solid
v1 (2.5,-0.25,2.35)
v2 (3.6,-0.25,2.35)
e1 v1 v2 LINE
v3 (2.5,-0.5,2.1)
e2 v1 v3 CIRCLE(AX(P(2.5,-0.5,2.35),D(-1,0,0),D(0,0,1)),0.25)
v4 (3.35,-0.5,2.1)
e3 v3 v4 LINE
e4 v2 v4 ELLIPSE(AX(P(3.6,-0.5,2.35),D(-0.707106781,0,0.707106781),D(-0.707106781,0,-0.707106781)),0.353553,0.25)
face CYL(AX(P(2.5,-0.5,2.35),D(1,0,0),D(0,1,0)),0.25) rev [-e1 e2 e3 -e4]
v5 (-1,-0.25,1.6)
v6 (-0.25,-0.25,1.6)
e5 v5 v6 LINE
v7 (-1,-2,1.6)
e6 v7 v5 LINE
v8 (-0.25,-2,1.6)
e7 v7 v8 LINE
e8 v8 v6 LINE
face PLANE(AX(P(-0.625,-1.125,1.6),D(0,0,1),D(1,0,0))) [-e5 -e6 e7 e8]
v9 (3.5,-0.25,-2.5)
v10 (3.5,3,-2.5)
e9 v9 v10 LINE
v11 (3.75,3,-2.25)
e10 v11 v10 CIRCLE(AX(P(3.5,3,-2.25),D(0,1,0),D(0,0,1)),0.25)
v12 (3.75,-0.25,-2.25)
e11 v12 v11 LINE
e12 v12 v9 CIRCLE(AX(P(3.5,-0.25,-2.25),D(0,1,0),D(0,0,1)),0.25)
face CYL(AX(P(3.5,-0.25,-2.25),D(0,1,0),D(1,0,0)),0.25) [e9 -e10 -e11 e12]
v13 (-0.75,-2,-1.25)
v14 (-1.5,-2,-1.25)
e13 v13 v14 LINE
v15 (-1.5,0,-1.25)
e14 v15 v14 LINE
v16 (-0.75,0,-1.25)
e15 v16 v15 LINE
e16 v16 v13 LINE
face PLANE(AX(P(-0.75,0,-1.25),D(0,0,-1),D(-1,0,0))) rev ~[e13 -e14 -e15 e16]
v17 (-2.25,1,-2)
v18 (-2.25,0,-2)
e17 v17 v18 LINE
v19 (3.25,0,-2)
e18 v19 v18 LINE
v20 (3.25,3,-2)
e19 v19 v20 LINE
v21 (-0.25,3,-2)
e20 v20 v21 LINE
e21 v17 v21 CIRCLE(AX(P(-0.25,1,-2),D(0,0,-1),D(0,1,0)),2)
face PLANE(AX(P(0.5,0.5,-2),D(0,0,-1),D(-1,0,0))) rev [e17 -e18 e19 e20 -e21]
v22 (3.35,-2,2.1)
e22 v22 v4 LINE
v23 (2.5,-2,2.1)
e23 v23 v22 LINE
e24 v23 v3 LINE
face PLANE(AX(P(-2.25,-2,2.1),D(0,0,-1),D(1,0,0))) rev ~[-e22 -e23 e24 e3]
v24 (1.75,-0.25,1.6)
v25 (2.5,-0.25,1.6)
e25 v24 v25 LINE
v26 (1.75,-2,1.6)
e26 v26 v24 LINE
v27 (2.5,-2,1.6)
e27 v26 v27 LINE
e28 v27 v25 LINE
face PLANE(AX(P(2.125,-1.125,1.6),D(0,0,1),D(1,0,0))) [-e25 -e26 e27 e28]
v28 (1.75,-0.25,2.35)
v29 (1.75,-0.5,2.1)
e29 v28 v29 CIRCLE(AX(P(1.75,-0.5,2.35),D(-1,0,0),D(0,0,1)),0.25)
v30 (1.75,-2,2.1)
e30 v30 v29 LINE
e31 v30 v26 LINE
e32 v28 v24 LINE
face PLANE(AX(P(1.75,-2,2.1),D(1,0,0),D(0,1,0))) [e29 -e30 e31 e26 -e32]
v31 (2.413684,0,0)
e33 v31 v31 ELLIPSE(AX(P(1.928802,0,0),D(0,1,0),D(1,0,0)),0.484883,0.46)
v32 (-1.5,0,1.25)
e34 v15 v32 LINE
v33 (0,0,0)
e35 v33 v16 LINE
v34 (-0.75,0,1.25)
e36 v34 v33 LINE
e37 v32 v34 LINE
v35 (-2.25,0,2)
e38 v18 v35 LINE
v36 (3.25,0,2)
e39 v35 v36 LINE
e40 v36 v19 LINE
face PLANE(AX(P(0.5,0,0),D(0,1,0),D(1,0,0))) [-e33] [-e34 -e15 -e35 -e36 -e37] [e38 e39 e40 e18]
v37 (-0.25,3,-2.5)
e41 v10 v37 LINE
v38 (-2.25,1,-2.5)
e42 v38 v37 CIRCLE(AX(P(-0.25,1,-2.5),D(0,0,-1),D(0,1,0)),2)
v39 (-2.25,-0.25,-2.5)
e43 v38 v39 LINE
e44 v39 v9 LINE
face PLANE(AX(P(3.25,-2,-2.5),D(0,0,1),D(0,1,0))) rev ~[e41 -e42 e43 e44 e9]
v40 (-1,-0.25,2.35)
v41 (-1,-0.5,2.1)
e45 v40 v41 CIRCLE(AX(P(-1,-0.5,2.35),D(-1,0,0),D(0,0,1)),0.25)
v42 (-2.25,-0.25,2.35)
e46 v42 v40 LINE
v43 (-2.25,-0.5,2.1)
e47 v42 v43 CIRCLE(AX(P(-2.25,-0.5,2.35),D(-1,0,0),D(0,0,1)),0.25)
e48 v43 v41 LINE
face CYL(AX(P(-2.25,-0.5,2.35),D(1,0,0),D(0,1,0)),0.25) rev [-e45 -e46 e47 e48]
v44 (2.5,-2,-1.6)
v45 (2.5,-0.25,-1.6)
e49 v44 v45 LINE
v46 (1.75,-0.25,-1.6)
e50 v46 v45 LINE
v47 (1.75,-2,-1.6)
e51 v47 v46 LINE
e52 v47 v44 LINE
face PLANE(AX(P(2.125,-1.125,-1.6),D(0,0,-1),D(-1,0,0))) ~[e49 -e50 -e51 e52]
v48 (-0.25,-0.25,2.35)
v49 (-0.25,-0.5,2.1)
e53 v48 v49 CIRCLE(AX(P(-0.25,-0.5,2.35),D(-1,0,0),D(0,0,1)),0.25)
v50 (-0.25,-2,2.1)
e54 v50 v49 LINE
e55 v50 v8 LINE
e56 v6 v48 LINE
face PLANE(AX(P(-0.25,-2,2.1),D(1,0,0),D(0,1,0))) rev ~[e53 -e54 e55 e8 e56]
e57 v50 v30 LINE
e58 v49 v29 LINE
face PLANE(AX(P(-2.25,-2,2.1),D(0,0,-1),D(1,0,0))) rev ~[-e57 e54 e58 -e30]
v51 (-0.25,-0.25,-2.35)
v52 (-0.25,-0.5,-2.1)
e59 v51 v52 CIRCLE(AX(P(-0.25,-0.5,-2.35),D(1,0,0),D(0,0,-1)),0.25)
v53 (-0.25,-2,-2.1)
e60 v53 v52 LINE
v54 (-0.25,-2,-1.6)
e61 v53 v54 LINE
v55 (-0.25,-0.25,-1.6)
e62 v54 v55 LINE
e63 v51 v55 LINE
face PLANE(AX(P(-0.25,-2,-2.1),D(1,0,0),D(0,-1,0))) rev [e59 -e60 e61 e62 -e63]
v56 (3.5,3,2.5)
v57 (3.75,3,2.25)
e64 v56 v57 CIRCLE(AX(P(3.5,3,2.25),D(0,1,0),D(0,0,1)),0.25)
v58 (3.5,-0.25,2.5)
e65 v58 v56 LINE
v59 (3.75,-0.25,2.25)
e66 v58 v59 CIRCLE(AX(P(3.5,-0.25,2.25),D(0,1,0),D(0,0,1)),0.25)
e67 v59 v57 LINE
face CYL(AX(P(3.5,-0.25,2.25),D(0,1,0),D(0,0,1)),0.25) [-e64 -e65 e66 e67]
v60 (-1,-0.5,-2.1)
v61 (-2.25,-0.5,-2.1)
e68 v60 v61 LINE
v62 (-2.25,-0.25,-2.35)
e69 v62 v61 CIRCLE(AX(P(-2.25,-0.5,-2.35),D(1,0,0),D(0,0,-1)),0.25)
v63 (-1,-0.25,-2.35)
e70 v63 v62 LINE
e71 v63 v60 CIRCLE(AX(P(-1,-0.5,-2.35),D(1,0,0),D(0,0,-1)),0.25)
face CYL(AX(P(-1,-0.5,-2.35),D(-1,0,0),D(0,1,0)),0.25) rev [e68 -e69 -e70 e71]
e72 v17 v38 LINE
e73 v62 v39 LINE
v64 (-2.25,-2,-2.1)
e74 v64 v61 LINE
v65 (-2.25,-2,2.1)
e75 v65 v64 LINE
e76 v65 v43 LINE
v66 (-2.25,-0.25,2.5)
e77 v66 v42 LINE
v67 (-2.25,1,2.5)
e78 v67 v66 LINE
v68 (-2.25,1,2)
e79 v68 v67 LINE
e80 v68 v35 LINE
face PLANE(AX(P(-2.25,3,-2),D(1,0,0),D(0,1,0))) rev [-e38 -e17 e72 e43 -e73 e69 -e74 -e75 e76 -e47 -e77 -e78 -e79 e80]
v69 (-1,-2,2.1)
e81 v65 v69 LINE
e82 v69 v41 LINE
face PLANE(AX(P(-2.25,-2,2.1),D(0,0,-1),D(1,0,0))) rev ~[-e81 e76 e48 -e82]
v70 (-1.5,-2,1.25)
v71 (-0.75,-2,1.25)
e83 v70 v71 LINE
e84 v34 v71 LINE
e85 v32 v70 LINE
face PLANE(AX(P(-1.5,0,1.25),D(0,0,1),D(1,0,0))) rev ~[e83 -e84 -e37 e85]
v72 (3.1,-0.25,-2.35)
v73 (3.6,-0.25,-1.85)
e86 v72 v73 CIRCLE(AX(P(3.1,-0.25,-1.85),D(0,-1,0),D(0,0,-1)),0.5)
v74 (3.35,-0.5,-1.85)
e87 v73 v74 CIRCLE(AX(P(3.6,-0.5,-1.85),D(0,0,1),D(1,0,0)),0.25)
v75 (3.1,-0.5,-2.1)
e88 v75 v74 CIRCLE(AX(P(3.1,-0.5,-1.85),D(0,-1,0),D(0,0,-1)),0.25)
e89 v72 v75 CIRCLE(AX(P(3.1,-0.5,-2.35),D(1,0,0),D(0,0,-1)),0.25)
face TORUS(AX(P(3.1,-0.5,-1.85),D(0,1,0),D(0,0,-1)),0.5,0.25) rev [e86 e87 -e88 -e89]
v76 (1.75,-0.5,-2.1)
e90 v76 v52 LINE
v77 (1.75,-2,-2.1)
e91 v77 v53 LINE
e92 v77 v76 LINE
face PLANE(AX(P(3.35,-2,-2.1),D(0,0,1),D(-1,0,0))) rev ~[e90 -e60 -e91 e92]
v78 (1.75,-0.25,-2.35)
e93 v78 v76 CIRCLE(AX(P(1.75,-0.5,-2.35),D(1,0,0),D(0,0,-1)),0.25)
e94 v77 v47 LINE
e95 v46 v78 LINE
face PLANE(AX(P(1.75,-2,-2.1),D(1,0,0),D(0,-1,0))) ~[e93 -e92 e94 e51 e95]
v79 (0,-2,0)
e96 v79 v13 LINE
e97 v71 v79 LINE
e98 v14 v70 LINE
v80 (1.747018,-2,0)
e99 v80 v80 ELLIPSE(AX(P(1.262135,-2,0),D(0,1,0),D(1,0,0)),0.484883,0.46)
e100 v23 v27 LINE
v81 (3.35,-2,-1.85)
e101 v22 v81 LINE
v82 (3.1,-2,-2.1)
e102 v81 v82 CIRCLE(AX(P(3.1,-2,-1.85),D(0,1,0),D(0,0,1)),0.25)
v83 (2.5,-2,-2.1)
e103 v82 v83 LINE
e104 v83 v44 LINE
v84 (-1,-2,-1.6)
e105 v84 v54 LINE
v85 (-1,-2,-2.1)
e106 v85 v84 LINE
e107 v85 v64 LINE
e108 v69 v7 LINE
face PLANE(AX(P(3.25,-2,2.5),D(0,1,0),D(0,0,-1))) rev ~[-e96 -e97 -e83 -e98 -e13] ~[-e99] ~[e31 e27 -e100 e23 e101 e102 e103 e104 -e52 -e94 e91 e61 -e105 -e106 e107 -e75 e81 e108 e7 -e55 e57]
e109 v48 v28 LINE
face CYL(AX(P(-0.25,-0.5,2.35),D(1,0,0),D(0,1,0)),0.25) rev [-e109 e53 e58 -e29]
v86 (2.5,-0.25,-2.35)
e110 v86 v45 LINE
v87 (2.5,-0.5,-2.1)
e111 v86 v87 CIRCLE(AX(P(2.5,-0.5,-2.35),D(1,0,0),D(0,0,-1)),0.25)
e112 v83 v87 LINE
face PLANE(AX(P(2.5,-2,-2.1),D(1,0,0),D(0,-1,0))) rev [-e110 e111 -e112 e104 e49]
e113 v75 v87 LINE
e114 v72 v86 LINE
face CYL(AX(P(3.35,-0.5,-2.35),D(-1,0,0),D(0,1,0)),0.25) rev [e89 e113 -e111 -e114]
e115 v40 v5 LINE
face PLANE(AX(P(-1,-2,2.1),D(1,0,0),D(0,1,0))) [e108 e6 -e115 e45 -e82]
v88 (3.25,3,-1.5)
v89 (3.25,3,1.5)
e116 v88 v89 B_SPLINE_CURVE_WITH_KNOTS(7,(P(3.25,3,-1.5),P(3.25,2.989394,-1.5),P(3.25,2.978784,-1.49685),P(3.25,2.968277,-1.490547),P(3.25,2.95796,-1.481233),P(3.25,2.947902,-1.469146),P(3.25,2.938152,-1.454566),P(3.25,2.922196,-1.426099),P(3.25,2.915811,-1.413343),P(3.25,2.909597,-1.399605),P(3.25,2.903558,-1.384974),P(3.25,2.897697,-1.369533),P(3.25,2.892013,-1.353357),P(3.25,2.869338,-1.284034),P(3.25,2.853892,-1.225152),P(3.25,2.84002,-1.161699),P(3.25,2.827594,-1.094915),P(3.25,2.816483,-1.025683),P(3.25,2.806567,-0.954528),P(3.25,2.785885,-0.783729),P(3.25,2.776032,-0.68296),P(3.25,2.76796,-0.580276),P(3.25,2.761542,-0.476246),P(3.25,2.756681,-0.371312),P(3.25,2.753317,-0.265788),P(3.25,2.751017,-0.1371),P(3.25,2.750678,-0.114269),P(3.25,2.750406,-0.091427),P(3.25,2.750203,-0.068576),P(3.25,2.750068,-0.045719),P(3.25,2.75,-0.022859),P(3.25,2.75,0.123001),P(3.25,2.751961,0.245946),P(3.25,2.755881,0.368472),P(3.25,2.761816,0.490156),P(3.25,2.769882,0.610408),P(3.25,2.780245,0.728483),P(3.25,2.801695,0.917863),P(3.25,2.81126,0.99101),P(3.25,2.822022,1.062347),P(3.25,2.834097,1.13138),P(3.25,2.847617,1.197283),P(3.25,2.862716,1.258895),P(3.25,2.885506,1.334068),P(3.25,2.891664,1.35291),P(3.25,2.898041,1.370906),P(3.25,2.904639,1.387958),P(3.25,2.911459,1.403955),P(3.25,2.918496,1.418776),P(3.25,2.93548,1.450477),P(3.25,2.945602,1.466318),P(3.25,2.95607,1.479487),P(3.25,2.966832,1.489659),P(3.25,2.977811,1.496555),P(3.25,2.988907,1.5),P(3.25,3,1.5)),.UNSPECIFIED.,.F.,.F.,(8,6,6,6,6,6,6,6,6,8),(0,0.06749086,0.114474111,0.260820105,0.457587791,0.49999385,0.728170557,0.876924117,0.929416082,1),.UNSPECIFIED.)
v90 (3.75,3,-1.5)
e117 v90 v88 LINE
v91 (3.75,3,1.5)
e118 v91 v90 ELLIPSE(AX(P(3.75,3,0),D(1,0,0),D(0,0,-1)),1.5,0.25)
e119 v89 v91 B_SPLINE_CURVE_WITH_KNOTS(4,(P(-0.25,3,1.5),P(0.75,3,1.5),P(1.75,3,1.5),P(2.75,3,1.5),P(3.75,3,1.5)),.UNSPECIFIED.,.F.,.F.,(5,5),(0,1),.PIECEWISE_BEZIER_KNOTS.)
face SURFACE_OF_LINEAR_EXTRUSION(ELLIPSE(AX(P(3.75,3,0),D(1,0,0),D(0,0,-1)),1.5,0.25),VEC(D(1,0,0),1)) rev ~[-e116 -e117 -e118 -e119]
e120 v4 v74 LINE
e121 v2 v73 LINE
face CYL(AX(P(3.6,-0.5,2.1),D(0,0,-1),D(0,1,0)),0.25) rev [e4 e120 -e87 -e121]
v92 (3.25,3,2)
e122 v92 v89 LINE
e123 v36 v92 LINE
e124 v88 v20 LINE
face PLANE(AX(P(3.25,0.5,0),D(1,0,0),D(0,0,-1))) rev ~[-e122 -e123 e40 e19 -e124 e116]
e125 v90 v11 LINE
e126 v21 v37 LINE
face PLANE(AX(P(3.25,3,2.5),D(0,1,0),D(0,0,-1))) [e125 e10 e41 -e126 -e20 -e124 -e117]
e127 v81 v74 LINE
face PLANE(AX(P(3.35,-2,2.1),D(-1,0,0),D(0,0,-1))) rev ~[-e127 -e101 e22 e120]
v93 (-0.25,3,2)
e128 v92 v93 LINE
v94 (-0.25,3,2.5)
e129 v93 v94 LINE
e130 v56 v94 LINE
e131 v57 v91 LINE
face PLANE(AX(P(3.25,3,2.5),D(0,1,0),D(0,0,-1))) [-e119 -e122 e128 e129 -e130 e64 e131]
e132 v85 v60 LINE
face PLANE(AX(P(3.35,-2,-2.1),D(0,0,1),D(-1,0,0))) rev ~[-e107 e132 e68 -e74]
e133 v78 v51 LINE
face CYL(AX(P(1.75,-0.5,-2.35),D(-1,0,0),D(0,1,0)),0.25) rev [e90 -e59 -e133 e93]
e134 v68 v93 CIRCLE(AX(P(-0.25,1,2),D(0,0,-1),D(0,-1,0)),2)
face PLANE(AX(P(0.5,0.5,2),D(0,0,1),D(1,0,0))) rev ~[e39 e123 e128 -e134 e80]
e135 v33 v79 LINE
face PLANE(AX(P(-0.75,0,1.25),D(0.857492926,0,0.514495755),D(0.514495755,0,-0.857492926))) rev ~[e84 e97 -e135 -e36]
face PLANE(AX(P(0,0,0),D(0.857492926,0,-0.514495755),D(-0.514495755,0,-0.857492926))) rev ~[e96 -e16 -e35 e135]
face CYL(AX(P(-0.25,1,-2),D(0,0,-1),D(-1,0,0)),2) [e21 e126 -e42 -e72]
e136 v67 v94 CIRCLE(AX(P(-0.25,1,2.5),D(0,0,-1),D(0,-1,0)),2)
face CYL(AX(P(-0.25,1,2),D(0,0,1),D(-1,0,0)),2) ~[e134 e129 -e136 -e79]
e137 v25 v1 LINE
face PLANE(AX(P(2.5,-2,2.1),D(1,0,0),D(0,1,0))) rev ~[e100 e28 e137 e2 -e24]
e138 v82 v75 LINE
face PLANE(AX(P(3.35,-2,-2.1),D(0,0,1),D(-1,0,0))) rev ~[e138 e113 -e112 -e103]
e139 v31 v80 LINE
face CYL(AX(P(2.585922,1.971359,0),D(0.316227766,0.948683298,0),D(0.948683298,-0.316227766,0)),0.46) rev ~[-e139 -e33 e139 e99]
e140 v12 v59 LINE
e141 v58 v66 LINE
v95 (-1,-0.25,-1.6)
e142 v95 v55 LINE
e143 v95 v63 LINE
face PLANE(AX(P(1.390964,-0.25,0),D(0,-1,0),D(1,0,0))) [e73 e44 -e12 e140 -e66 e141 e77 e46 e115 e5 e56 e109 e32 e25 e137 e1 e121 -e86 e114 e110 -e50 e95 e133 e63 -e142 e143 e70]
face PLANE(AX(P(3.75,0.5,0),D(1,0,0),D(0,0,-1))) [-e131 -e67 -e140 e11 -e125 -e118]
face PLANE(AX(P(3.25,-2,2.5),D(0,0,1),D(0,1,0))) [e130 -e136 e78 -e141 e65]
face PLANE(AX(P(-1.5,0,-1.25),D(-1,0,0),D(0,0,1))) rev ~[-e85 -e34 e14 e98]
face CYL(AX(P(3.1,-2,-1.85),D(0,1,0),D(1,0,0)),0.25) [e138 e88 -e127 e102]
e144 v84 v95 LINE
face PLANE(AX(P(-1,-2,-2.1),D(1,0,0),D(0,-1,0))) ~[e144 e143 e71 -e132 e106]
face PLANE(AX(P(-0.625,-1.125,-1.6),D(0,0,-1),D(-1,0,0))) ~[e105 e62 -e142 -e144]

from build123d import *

# Parameters (mm, degrees)
BOSS_EXTRUDE2_DEPTH = 2
SKETCH8_R           = 0.46
CUT_EXTRUDE1_DEPTH  = 6.857687257
CUT_EXTRUDE3_DEPTH  = 5.308421985
BOSS_EXTRUDE3_DEPTH = 0.5
SKETCH11_W          = 5
SKETCH11_H          = 5
BOSS_EXTRUDE4_DEPTH = 0.5
FILLET1_R           = 2
CUT_EXTRUDE5_DEPTH  = 1.75
SKETCH13_W          = 0.75
SKETCH13_H          = 1.75
CUT_EXTRUDE4_DEPTH  = 0.5
FILLET2_R           = 0.25
FILLET3_R           = 0.25
SKETCH15_RX         = 1.5
SKETCH15_RY         = 0.25
CUT_EXTRUDE6_DEPTH  = 8.158910532


with BuildPart() as part:
    # Sketch5 → Boss-Extrude2 (new body)
    with BuildSketch(Plane(origin=(0, 0, 0), x_dir=(1, 0, 0), z_dir=(0, 1, 0))):
        Polygon((-2.25, -2), (1.75, -2), (3.25, -2), (3.25, 2), (1.75, 2), (-2.25, 2), align=None)
    extrude(amount=-BOSS_EXTRUDE2_DEPTH)

    # Sketch8 → Cut-Extrude1 (cut, through all)
    with BuildSketch(Plane(origin=(0.85, 2.55, 0), x_dir=(0.948683298050514, -0.3162277660168378, 0), z_dir=(0.3162277660168378, 0.948683298050514, 0))):
        with Locations((1.829822128, 0)):
            Circle(SKETCH8_R)
    extrude(amount=-CUT_EXTRUDE1_DEPTH, mode=Mode.SUBTRACT)

    # Sketch12 → Cut-Extrude3 (cut, through all)
    with BuildSketch(Plane(origin=(0, 0, 0), x_dir=(1, 0, 0), z_dir=(0, 1, 0))):
        Polygon((-1.5, 1.25), (-1.5, -1.25), (-0.75, -1.25), (0, 0), (-0.75, 1.25), align=None)
    extrude(amount=-CUT_EXTRUDE3_DEPTH, mode=Mode.SUBTRACT)

    # Sketch10 → Boss-Extrude3 (add)
    with BuildSketch(Plane.XY.offset(2)):
        Polygon((3.25, -2), (3.25, 3), (-2.25, 3), (-2.25, 0), (-2.25, -2), align=None)
    boss_extrude3 = extrude(amount=BOSS_EXTRUDE3_DEPTH)

    # Mirror1: Boss-Extrude3 across plane
    add(boss_extrude3.mirror(Plane.XY))

    # Sketch11 → Boss-Extrude4 (add)
    with BuildSketch(Plane(origin=(3.25, 0, 0), x_dir=(0, 0, -1), z_dir=(1, 0, 0))):
        with Locations((0, 0.5)):
            Rectangle(SKETCH11_W, SKETCH11_H)
    extrude(amount=BOSS_EXTRUDE4_DEPTH)

    # Fillet1
    fillet1_edges = [part.edges().sort_by_distance(p)[0] for p in [
        (-2.25, 3, 2.25),
        (-2.25, 3, -2.25),
    ]]
    fillet(fillet1_edges, radius=FILLET1_R)

    # Sketch14 → Cut-Extrude5 (cut)
    with BuildSketch(Plane.XZ.offset(2)):
        Polygon((-2.25, 2.5), (-2.25, 2.1), (3.35, 2.1), (3.35, -2.1), (-2.25, -2.1), (-2.25, -2.5), (3.75, -2.5), (3.75, 2.5), align=None)
    extrude(amount=-CUT_EXTRUDE5_DEPTH, mode=Mode.SUBTRACT)

    # Sketch13 → Cut-Extrude4 (cut)
    with BuildSketch(Plane.XY.offset(2.1)):
        with Locations((-0.625, -1.125)):
            Rectangle(SKETCH13_W, SKETCH13_H)
        with Locations((2.125, -1.125)):
            Rectangle(SKETCH13_W, SKETCH13_H)
    cut_extrude4 = extrude(amount=-CUT_EXTRUDE4_DEPTH, mode=Mode.SUBTRACT)

    # Mirror2: Cut-Extrude4 across plane
    add(cut_extrude4.mirror(Plane.XY), mode=Mode.SUBTRACT)

    # Fillet2
    fillet2_edges = [part.edges().sort_by_distance(p)[0] for p in [
        (2.925, -0.25, -2.1),
        (3.35, -0.25, 0),
        (3.35, -1.125, -2.1),
        (-1.625, -0.25, 2.1),
        (0.75, -0.25, 2.1),
        (2.925, -0.25, 2.1),
        (0.75, -0.25, -2.1),
        (-1.625, -0.25, -2.1),
    ]]
    fillet(fillet2_edges, radius=FILLET2_R)

    # Fillet3
    fillet3_edges = [part.edges().sort_by_distance(p)[0] for p in [
        (3.75, 1.375, -2.5),
        (3.75, 1.375, 2.5),
    ]]
    fillet(fillet3_edges, radius=FILLET3_R)

    # Sketch15 → Cut-Extrude6 (cut, through all)
    with BuildSketch(Plane(origin=(3.75, 0, 0), x_dir=(0, 0, -1), z_dir=(1, 0, 0))):
        with Locations((0, 3)):
            Ellipse(SKETCH15_RX, SKETCH15_RY)
    extrude(amount=-CUT_EXTRUDE6_DEPTH, mode=Mode.SUBTRACT)


solid = part.part
